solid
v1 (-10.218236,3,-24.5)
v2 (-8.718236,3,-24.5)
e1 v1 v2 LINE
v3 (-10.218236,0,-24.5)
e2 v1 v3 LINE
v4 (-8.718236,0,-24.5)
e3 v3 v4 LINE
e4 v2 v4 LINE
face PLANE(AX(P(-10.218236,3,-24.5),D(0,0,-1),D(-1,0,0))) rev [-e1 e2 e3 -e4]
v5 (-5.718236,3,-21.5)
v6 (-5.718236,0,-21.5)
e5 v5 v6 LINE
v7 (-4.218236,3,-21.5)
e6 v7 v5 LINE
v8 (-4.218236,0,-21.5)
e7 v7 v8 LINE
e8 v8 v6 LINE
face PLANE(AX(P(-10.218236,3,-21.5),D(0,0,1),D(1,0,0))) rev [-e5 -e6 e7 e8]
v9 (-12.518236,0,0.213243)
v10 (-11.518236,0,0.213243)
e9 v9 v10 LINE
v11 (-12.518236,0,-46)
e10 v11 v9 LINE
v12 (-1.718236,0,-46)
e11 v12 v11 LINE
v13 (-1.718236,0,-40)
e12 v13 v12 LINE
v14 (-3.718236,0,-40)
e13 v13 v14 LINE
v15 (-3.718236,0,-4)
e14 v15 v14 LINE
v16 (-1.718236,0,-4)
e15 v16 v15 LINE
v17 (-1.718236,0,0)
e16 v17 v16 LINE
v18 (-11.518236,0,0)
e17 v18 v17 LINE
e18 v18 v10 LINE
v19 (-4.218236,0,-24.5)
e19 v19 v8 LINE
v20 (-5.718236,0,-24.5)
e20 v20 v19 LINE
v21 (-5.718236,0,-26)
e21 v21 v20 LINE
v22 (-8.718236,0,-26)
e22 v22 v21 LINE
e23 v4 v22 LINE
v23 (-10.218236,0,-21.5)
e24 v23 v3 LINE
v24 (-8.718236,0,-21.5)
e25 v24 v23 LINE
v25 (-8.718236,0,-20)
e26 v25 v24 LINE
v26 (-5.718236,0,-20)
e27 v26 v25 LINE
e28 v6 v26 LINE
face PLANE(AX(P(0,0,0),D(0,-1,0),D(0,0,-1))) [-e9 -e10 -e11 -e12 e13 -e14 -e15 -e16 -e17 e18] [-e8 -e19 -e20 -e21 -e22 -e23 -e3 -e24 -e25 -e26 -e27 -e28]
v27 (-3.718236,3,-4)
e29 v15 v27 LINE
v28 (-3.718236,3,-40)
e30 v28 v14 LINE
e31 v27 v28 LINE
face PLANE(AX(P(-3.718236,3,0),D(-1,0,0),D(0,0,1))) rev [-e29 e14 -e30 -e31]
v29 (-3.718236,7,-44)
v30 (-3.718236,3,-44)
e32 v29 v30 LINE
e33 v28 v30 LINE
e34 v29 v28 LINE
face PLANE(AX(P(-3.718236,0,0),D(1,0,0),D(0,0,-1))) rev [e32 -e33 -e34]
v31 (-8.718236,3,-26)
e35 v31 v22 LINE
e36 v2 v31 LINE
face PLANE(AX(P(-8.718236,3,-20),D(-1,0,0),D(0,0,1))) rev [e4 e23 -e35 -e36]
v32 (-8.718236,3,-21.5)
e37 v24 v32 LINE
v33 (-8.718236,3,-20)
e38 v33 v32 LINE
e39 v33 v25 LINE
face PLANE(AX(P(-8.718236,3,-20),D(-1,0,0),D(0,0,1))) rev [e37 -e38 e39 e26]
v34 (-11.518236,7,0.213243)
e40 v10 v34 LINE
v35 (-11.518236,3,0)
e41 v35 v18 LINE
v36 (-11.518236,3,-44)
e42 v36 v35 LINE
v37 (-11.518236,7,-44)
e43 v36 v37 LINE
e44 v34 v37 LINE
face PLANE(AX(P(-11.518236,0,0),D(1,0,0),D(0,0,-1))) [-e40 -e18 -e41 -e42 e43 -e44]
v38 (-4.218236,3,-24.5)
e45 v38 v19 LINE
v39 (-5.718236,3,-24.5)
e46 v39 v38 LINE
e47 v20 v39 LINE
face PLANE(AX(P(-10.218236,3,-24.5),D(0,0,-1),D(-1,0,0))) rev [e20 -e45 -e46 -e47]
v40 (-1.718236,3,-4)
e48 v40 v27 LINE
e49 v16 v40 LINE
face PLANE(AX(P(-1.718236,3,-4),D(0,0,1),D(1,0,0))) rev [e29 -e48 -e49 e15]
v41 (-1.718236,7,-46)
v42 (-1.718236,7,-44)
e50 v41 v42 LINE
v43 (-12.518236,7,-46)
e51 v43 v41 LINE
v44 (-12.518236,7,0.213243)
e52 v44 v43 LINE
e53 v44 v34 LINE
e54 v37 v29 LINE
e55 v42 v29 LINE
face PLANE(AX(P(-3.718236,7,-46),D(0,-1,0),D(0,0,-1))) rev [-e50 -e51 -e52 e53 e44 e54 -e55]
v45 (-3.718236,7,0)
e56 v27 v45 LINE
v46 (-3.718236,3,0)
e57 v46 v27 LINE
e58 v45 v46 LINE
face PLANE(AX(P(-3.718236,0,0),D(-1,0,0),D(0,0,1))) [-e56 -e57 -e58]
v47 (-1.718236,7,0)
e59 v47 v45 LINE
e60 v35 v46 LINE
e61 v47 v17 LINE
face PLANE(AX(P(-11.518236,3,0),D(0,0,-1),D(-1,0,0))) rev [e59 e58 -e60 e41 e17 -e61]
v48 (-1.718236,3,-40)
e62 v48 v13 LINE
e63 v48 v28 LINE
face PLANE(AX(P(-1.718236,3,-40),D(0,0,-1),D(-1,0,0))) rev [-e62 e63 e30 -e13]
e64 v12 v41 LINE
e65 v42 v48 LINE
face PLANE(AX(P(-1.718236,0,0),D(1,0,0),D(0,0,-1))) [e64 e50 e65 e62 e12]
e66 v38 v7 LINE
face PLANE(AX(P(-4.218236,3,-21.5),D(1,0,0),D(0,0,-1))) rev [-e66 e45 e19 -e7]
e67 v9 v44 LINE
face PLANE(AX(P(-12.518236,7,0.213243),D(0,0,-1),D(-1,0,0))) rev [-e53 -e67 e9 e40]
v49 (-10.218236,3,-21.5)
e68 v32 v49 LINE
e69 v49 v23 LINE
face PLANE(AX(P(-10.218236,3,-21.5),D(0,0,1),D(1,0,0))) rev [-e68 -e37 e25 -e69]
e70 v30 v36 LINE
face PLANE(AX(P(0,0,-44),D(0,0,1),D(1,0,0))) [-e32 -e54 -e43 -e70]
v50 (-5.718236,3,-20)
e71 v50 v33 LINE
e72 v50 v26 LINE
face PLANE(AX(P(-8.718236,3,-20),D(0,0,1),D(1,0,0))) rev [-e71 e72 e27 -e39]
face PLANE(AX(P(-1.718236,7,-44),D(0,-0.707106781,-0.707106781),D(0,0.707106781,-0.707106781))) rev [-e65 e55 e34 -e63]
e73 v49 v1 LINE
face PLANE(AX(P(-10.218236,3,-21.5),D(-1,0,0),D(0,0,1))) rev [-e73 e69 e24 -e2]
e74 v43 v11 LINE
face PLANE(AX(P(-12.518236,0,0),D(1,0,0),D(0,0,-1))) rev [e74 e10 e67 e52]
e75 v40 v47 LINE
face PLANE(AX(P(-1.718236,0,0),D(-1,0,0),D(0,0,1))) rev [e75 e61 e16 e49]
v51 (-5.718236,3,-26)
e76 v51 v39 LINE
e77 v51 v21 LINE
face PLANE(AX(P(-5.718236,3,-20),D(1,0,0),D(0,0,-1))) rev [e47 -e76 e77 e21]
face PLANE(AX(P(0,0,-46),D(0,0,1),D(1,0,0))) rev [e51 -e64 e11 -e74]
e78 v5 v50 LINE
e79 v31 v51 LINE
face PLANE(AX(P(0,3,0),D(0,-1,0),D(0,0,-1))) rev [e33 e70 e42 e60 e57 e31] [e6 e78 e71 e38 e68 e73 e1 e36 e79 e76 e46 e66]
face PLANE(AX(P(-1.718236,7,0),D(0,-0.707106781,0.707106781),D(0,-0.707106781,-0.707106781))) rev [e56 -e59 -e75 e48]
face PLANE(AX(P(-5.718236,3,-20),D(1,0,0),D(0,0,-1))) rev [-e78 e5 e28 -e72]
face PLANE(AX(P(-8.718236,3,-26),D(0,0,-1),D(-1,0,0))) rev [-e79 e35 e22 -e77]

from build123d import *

# Parameters (mm, degrees)
SKETCH_1_W          = 7.8
SKETCH_1_H          = 44
EXTRUDE_1_DEPTH     = 3
SKETCH_2_W          = 7.8
SKETCH_2_H          = 7
EXTRUDE_2_DEPTH     = 2
EXTRUDE_3_DEPTH     = 2
EXTRUDE_4_DEPTH     = 2
SKETCH_6_W          = 46.213242819
SKETCH_6_H          = 7
EXTRUDE_5_DEPTH     = 1
SKETCH_7_W          = 3
SKETCH_7_H          = 6
CUT_EXTRUDE_1_DEPTH = 3
SKETCH_8_W          = 6
SKETCH_8_H          = 3
CUT_EXTRUDE_2_DEPTH = 3


with BuildPart() as part:
    # 草图1 → 凸台-拉伸1 (new body)
    with BuildSketch(Plane(origin=(0, 0, 0), x_dir=(1, 0, 0), z_dir=(0, 1, 0))):
        with Locations((-7.618235554, 22)):
            Rectangle(SKETCH_1_W, SKETCH_1_H)
    extrude(amount=EXTRUDE_1_DEPTH)

    # 草图2 → 凸台-拉伸2 (add)
    with BuildSketch(Plane(origin=(0, 0, -44), x_dir=(-1, 0, 0), z_dir=(0, 0, -1))):
        with Locations((7.618235554, 3.5)):
            Rectangle(SKETCH_2_W, SKETCH_2_H)
    extrude(amount=EXTRUDE_2_DEPTH)

    # 草图4 → 凸台-拉伸3 (add)
    with BuildSketch(Plane(origin=(-3.718235554, 0, 0), x_dir=(0, 0, -1), z_dir=(1, 0, 0))):
        Polygon((46, 7), (44, 7), (40, 3), (40, 0), (46, 0), align=None)
    extrude(amount=EXTRUDE_3_DEPTH)

    # 草图5 → 凸台-拉伸4 (add)
    with BuildSketch(Plane(origin=(-3.718235554, 0, 0), x_dir=(0, 0, -1), z_dir=(1, 0, 0))):
        Polygon((0, 0), (0, 7), (4, 3), (4, 0), align=None)
    extrude(amount=EXTRUDE_4_DEPTH)

    # 草图6 → 凸台-拉伸5 (add)
    with BuildSketch(Plane.ZY.offset(11.518235554)):
        with Locations((-22.89337859, 3.5)):
            Rectangle(SKETCH_6_W, SKETCH_6_H)
    extrude(amount=EXTRUDE_5_DEPTH)

    # 草图7 → 切除-拉伸1 (cut)
    with BuildSketch(Plane.XZ):
        with Locations((-7.218235554, -23)):
            Rectangle(SKETCH_7_W, SKETCH_7_H)
    extrude(amount=-CUT_EXTRUDE_1_DEPTH, mode=Mode.SUBTRACT)

    # 草图8 → 切除-拉伸2 (cut)
    with BuildSketch(Plane.XZ):
        with Locations((-7.218235554, -23)):
            Rectangle(SKETCH_8_W, SKETCH_8_H)
    extrude(amount=-CUT_EXTRUDE_2_DEPTH, mode=Mode.SUBTRACT)


solid = part.part
